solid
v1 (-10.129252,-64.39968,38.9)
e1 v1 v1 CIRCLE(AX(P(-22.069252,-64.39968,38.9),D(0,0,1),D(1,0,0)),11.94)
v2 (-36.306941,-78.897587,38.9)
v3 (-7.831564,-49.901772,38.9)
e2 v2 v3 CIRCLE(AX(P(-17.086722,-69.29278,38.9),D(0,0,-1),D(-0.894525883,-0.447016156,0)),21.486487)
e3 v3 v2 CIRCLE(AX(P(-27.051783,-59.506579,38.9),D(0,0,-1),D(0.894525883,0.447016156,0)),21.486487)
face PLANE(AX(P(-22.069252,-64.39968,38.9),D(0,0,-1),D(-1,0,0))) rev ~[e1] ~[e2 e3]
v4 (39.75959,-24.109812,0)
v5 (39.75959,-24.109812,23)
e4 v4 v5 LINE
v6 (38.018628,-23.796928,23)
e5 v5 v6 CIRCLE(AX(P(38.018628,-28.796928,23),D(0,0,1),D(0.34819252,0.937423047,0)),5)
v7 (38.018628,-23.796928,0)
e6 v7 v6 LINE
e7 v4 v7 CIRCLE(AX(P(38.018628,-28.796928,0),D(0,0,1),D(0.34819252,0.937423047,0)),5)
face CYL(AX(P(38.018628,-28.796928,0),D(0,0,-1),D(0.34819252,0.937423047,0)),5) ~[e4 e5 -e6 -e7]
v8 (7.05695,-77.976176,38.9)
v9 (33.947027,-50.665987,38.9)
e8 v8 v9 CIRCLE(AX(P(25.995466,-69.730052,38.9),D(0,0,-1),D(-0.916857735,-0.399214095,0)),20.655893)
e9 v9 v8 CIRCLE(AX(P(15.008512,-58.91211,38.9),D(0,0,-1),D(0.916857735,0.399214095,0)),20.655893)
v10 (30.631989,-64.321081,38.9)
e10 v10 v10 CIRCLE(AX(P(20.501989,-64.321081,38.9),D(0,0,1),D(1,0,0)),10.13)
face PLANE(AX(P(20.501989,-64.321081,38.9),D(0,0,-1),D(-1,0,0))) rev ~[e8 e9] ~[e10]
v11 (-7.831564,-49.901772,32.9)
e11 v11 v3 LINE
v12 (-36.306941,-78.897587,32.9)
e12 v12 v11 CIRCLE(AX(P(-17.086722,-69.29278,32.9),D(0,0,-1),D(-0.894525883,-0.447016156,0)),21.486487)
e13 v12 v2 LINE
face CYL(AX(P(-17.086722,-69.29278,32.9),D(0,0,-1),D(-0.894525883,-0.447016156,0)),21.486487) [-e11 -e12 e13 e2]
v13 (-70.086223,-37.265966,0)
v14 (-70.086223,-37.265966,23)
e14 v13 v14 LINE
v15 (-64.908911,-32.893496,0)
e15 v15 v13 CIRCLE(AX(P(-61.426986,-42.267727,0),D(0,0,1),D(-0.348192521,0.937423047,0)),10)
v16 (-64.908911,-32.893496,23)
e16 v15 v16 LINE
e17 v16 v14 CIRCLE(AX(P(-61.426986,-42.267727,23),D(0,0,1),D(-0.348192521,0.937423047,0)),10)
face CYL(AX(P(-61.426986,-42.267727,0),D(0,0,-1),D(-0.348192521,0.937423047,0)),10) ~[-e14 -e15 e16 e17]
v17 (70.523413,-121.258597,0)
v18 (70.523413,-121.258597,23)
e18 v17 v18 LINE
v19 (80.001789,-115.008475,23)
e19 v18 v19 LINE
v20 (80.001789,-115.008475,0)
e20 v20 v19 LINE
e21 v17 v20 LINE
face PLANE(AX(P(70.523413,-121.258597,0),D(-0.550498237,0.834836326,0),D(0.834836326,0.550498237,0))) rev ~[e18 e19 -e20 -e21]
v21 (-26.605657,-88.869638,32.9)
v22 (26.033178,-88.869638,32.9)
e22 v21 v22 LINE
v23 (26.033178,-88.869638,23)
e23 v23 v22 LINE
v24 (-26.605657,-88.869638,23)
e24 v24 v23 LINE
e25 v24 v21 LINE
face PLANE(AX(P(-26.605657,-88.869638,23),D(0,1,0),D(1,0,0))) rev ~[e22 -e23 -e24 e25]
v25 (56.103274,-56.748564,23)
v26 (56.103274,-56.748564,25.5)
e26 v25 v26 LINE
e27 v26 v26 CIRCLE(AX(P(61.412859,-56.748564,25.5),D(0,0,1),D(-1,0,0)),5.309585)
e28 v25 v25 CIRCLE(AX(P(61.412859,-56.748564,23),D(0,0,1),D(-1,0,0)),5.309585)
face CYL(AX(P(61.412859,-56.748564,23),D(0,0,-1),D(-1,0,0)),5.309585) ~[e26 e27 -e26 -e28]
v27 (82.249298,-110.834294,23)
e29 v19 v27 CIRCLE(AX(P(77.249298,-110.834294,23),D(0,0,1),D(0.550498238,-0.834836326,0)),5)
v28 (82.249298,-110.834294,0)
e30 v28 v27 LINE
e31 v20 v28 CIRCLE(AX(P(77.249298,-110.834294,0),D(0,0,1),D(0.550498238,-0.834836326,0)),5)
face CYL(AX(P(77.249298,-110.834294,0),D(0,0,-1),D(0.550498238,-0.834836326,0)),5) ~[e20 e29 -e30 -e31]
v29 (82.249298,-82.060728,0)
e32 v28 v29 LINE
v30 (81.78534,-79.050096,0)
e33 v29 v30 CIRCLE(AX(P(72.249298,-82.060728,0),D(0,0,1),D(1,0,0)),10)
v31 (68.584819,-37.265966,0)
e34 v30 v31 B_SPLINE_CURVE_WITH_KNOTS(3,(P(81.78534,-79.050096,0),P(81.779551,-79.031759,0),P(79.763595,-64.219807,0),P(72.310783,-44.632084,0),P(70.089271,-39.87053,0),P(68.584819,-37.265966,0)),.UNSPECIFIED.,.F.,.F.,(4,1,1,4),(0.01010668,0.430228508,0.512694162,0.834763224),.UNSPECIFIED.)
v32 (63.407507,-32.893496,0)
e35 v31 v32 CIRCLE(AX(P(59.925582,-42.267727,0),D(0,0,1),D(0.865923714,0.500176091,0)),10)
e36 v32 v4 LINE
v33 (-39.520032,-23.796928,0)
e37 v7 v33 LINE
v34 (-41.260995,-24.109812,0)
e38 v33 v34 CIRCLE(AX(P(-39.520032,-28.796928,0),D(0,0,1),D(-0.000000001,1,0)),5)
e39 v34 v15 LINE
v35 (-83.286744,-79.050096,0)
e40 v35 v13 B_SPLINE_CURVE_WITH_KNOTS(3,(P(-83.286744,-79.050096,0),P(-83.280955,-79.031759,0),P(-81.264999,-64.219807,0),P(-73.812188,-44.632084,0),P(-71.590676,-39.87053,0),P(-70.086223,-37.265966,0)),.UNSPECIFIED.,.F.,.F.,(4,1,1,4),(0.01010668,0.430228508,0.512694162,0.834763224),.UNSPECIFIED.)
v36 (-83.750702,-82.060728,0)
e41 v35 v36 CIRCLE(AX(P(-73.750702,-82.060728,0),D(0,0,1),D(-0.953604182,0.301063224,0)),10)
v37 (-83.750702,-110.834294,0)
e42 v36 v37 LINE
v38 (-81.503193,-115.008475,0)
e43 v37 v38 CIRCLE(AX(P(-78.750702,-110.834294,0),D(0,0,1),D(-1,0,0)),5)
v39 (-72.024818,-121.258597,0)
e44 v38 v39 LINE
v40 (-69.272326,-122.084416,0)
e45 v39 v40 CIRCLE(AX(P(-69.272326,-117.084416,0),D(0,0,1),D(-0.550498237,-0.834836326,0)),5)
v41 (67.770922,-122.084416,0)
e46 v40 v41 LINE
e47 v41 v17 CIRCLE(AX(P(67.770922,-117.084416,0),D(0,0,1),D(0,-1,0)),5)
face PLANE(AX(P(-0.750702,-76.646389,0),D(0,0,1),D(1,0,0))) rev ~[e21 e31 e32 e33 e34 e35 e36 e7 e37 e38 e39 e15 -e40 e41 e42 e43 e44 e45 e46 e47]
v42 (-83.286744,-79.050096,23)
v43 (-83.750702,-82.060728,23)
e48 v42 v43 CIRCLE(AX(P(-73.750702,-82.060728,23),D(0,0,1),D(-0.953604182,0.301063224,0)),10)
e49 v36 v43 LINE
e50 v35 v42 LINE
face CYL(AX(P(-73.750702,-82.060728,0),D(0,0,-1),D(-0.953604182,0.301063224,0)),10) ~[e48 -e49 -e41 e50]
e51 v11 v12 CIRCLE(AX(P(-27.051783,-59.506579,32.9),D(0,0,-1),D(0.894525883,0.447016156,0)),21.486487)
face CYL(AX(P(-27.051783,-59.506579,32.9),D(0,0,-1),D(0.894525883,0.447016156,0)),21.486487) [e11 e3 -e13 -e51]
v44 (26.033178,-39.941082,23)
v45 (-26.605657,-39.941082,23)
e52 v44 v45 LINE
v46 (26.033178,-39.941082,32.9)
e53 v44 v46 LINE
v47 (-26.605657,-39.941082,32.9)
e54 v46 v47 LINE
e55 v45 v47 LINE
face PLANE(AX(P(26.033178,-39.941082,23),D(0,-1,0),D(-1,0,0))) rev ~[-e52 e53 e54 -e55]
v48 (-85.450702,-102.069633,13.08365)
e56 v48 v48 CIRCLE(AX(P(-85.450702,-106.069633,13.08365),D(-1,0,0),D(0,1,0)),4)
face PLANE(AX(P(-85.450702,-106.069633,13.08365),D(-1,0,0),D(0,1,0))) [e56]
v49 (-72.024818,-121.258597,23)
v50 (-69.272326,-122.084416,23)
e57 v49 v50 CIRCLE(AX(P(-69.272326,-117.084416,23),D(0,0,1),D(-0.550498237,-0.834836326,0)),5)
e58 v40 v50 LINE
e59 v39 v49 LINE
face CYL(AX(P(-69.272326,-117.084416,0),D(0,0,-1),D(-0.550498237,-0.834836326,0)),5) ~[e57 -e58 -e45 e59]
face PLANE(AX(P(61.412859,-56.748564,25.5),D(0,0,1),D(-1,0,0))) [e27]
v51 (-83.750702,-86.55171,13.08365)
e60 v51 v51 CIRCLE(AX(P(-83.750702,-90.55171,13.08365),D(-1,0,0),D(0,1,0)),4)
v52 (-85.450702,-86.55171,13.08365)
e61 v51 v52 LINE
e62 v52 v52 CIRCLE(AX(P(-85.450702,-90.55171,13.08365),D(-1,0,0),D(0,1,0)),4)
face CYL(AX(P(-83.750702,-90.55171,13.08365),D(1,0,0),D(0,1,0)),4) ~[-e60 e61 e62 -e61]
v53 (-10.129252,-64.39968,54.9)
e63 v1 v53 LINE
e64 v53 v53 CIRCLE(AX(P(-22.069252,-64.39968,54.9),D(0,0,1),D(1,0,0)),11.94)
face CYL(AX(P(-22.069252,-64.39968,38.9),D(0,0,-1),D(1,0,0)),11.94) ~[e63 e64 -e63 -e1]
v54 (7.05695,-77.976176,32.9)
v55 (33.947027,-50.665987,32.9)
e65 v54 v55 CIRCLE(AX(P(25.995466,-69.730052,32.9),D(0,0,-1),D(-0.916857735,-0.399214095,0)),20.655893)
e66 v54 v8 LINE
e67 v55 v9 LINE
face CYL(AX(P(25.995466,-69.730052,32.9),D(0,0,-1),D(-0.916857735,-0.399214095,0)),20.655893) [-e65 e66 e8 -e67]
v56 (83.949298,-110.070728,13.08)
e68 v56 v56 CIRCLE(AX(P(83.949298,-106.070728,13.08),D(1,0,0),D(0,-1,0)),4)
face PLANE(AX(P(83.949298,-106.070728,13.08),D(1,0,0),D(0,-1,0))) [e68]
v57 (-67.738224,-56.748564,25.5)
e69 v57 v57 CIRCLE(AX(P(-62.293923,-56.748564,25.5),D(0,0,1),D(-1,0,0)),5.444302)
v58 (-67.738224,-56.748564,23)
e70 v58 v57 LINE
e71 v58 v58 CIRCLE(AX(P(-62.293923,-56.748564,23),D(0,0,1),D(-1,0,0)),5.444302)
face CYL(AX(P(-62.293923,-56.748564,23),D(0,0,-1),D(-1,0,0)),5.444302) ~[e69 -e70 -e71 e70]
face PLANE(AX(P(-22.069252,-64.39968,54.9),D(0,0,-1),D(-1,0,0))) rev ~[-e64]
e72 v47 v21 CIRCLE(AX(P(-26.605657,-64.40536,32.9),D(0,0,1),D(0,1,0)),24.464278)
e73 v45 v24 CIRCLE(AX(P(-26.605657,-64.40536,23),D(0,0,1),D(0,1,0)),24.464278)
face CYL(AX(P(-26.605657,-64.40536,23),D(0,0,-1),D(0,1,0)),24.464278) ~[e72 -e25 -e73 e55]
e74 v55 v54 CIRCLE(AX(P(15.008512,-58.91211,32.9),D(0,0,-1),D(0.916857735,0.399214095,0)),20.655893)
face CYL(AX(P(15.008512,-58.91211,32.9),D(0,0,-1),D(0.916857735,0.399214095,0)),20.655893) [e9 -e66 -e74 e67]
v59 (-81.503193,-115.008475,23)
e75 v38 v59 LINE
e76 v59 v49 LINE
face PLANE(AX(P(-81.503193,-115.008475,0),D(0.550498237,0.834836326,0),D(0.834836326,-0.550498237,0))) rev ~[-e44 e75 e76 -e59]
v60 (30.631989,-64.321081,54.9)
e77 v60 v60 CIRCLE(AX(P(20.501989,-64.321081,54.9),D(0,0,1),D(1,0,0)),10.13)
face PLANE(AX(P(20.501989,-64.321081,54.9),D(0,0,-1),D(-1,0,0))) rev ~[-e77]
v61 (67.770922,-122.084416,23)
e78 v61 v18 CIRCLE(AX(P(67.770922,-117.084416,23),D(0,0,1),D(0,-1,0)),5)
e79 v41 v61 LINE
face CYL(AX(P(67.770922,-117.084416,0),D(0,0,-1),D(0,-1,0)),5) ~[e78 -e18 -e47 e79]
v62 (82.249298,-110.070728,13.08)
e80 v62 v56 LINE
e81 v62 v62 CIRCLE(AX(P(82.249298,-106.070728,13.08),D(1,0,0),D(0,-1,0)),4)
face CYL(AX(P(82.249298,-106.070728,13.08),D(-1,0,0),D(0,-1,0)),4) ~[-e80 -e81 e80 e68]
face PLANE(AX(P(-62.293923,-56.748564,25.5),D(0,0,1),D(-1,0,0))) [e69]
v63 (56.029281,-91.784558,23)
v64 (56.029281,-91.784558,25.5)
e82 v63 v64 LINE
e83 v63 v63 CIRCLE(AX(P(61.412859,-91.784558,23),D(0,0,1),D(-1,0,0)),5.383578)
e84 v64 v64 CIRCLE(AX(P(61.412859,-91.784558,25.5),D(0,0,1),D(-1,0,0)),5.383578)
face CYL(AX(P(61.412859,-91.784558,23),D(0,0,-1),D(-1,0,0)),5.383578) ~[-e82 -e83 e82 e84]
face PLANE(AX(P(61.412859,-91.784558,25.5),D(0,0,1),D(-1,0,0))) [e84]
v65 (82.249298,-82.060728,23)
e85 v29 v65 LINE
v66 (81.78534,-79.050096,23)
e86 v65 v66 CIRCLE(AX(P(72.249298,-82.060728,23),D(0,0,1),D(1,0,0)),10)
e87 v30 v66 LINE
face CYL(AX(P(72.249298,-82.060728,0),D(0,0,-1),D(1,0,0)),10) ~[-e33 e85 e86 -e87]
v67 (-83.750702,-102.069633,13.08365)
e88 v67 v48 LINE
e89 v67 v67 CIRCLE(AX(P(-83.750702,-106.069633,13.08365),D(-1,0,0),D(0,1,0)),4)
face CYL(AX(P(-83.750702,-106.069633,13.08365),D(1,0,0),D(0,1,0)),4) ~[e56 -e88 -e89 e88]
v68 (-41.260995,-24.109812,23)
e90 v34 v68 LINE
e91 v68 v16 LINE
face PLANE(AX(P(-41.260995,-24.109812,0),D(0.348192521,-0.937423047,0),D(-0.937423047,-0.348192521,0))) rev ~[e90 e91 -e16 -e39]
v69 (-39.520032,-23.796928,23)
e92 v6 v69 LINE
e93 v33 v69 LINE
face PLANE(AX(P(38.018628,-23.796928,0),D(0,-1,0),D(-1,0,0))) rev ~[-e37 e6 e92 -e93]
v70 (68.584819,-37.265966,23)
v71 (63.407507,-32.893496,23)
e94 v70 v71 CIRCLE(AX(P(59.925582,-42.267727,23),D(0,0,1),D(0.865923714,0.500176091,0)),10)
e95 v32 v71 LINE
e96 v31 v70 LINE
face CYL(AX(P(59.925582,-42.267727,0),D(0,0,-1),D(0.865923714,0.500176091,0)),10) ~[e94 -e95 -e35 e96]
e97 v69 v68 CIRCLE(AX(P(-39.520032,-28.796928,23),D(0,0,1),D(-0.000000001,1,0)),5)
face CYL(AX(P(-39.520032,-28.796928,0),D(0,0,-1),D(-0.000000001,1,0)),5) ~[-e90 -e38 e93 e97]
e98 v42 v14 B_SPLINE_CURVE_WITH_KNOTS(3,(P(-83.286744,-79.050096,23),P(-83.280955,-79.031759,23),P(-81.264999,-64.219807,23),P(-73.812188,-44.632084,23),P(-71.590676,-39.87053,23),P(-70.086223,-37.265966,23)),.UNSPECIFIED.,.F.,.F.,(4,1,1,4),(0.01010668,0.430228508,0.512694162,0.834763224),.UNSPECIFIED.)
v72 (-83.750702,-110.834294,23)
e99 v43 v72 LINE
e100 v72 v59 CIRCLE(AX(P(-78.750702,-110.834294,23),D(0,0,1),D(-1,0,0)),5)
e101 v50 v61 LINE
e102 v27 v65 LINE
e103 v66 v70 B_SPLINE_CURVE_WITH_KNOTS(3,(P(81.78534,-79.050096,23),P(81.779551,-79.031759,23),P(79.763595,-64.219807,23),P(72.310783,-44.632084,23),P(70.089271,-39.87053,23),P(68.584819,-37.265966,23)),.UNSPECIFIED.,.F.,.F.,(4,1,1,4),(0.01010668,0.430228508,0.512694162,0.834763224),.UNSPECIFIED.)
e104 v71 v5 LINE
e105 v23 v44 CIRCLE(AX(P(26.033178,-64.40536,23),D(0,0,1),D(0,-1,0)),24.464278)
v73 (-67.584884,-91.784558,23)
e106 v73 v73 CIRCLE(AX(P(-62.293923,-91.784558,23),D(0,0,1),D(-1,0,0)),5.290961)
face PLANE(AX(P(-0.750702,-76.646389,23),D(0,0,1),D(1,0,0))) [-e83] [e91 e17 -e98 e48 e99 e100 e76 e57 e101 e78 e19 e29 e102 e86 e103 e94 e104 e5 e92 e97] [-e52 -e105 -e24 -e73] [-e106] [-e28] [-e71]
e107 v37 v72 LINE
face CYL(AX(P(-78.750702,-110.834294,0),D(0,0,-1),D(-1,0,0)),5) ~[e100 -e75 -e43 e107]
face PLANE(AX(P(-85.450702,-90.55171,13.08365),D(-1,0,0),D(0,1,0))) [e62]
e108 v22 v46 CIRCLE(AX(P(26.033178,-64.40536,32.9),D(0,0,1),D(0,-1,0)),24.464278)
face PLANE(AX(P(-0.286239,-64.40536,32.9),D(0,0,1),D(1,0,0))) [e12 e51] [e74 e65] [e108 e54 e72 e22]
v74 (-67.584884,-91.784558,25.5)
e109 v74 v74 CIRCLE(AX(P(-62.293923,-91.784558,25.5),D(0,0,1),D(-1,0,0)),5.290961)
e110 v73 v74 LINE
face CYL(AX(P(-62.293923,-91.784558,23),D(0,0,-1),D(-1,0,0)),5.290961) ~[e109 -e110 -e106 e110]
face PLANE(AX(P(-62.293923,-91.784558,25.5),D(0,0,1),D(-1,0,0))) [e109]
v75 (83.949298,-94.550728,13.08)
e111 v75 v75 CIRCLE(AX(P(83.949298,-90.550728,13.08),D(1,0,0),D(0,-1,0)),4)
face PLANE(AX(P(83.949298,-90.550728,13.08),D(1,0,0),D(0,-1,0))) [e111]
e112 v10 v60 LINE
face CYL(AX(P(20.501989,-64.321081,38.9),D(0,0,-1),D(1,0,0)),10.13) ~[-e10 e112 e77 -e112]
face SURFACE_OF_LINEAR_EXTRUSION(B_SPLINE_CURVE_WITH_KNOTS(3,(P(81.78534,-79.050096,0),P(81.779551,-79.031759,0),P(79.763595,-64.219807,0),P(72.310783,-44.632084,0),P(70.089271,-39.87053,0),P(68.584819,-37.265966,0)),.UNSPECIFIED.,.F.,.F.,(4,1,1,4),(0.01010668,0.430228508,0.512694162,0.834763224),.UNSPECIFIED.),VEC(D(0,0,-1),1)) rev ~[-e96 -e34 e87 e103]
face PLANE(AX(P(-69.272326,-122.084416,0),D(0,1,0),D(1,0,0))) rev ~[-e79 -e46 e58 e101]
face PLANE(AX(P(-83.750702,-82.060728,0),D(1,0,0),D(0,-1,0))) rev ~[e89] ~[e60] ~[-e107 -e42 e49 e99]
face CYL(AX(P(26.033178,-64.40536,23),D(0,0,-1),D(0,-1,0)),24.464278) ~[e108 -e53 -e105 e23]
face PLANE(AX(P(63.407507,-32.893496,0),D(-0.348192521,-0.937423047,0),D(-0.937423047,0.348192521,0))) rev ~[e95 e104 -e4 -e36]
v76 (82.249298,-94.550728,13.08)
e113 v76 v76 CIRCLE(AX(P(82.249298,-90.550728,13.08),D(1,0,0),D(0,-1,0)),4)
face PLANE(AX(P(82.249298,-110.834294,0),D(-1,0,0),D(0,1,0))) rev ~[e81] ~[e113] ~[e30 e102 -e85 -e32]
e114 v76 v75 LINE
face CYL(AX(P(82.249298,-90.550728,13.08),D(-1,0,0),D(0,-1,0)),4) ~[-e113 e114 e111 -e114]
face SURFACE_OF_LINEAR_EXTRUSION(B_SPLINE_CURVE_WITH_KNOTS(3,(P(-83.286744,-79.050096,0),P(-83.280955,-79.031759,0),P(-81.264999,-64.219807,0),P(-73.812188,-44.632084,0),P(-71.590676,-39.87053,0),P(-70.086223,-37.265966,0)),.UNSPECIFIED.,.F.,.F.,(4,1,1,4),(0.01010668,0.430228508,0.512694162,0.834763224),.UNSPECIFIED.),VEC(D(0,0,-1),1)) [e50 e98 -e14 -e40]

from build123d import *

# Parameters (mm, degrees)
BOSS_EXTRUDE1_DEPTH = 23
SKETCH5_R           = 4
BOSS_EXTRUDE3_DEPTH = 1.7
SKETCH8_R           = 4
BOSS_EXTRUDE4_DEPTH = 1.7
SKETCH12_R          = 5.309585237
SKETCH12_R_2        = 5.383577716
SKETCH12_R_3        = 5.290961271
SKETCH12_R_4        = 5.444301549
BOSS_EXTRUDE5_DEPTH = 9.9
BOSS_EXTRUDE6_DEPTH = 22
CUT_EXTRUDE1_START  = -16
SKETCH16_R          = 11.94
CUT_EXTRUDE1_DEPTH  = 16
CUT_EXTRUDE2_START  = -16
SKETCH17_R          = 10.13
CUT_EXTRUDE2_DEPTH  = 16
CUT_EXTRUDE3_START  = -7.4
SKETCH18_R          = 5.309585237
CUT_EXTRUDE3_DEPTH  = 7.4
CUT_EXTRUDE4_START  = -7.4
SKETCH19_R          = 5.383577716
CUT_EXTRUDE4_DEPTH  = 7.4
CUT_EXTRUDE5_START  = -7.4
SKETCH20_R          = 5.444301549
CUT_EXTRUDE5_DEPTH  = 7.4
CUT_EXTRUDE6_START  = -7.4
SKETCH21_R          = 5.290961271
CUT_EXTRUDE6_DEPTH  = 7.4


with BuildPart() as part:
    # Sketch2 → Boss-Extrude1 (new body)
    with BuildSketch(Plane.XY):
        with BuildLine():
            Line((70.523413182, -121.258597495), (80.001788964, -115.008475165))
            ThreePointArc((80.001788964, -115.008475165), (81.651709385, -113.204688447), (82.249297777, -110.834293536))
            Line((82.249297777, -110.834293536), (82.249297777, -82.060728072))
            ThreePointArc((82.249297777, -82.060728072), (82.132627635, -80.537642087), (81.785339594, -79.050095835))
            add(Edge.make_bspline(
                [(81.785339594, -79.050095835), (81.779550585, -79.03175941), (79.763594577, -64.21980724), (72.310783114, -44.632084365), (70.089271073, -39.87053002), (68.584818962, -37.26596578)],
                knots=[0.01010668, 0.01010668, 0.01010668, 0.01010668, 0.430228508, 0.512694162, 0.834763224, 0.834763224, 0.834763224, 0.834763224], degree=3))
            ThreePointArc((68.584818962, -37.26596578), (66.377835563, -34.627803803), (63.407507036, -32.893496223))
            Line((63.407507036, -32.893496223), (39.759590264, -24.109812278))
            ThreePointArc((39.759590264, -24.109812278), (38.90305511, -23.875770322), (38.018627658, -23.796927511))
            Line((38.018627658, -23.796927511), (-39.520032104, -23.796927511))
            ThreePointArc((-39.520032104, -23.796927511), (-40.404459556, -23.875770322), (-41.26099471, -24.109812278))
            Line((-41.26099471, -24.109812278), (-64.908911482, -32.893496223))
            ThreePointArc((-64.908911482, -32.893496223), (-67.879240009, -34.627803803), (-70.086223408, -37.26596578))
            add(Edge.make_bspline(
                [(-83.28674404, -79.050095835), (-83.280955031, -79.03175941), (-81.264999023, -64.21980724), (-73.81218756, -44.632084365), (-71.590675519, -39.87053002), (-70.086223408, -37.26596578)],
                knots=[0.01010668, 0.01010668, 0.01010668, 0.01010668, 0.430228508, 0.512694162, 0.834763224, 0.834763224, 0.834763224, 0.834763224], degree=3))
            ThreePointArc((-83.28674404, -79.050095835), (-83.634032081, -80.537642087), (-83.750702223, -82.060728072))
            Line((-83.750702223, -82.060728072), (-83.750702223, -110.834293536))
            ThreePointArc((-83.750702223, -110.834293536), (-83.153113831, -113.204688447), (-81.50319341, -115.008475165))
            Line((-81.50319341, -115.008475165), (-72.024817629, -121.258597495))
            ThreePointArc((-72.024817629, -121.258597495), (-70.709179228, -121.873513284), (-69.272326442, -122.084415867))
            Line((-69.272326442, -122.084415867), (67.770921996, -122.084415867))
            ThreePointArc((67.770921996, -122.084415867), (69.207774782, -121.873513284), (70.523413182, -121.258597495))
        make_face()
    extrude(amount=BOSS_EXTRUDE1_DEPTH)

    # Sketch5 → Boss-Extrude3 (add)
    with BuildSketch(Plane.ZY.offset(83.750702223)):
        with Locations(Location((13.083649818, -90.551709518, 0), (0, 0, 90))):
            Circle(SKETCH5_R)
        with Locations(Location((13.083649818, -106.069633318, 0), (0, 0, 90))):
            Circle(SKETCH5_R)
    extrude(amount=BOSS_EXTRUDE3_DEPTH)

    # Sketch8 → Boss-Extrude4 (add)
    with BuildSketch(Plane(origin=(82.249297777, 0, 0), x_dir=(0, 0, -1), z_dir=(1, 0, 0))):
        with Locations(Location((-13.08, -90.550728072, 0), (0, 0, 270))):
            Circle(SKETCH8_R)
        with Locations(Location((-13.08, -106.070728072, 0), (0, 0, 270))):
            Circle(SKETCH8_R)
    extrude(amount=BOSS_EXTRUDE4_DEPTH)

    # Sketch12 → Boss-Extrude5 (add)
    with BuildSketch(Plane.XY.offset(23)):
        with Locations(Location((61.412858859, -56.74856372, 0), (0, 0, 180))):
            Circle(SKETCH12_R)
        with Locations(Location((61.412858859, -91.784557501, 0), (0, 0, 180))):
            Circle(SKETCH12_R_2)
        with Locations(Location((-62.293922582, -91.784557501, 0), (0, 0, 180))):
            Circle(SKETCH12_R_3)
        with Locations(Location((-62.293922582, -56.74856372, 0), (0, 0, 180))):
            Circle(SKETCH12_R_4)
        with BuildLine():
            Line((26.03317791, -39.941081705), (-26.605656617, -39.941081705))
            ThreePointArc((-26.605656617, -39.941081705), (-51.069934746, -64.405359834), (-26.605656617, -88.869637962))
            Line((-26.605656617, -88.869637962), (26.03317791, -88.869637962))
            ThreePointArc((26.03317791, -88.869637962), (50.497456038, -64.405359834), (26.03317791, -39.941081705))
        make_face()
    extrude(amount=BOSS_EXTRUDE5_DEPTH)

    # Sketch15 → Boss-Extrude6 (add)
    with BuildSketch(Plane.XY.offset(32.9)):
        with BuildLine():
            ThreePointArc((-36.30694092, -78.897586955), (-32.416918561, -54.237740907), (-7.831564022, -49.901772358))
            ThreePointArc((-7.831564022, -49.901772358), (-11.721586381, -74.561618406), (-36.30694092, -78.897586955))
        make_face()
        with BuildLine():
            ThreePointArc((33.947027157, -50.665986501), (29.727203797, -73.404384895), (7.056950152, -77.976175614))
            ThreePointArc((7.056950152, -77.976175614), (11.276773512, -55.23777722), (33.947027157, -50.665986501))
        make_face()
    extrude(amount=BOSS_EXTRUDE6_DEPTH)

    # Sketch16 → Cut-Extrude1 (cut)
    with BuildSketch(Plane.XY.offset(54.9).offset(CUT_EXTRUDE1_START)):
        with BuildLine():
            ThreePointArc((-36.30694092, -78.897586955), (-32.416918561, -54.237740907), (-7.831564022, -49.901772358))
            ThreePointArc((-7.831564022, -49.901772358), (-11.721586381, -74.561618406), (-36.30694092, -78.897586955))
        make_face()
        with Locations((-22.069252471, -64.399679657)):
            Circle(SKETCH16_R, mode=Mode.SUBTRACT)
    extrude(amount=CUT_EXTRUDE1_DEPTH, mode=Mode.SUBTRACT)

    # Sketch17 → Cut-Extrude2 (cut)
    with BuildSketch(Plane.XY.offset(54.9).offset(CUT_EXTRUDE2_START)):
        with BuildLine():
            ThreePointArc((7.056950152, -77.976175614), (11.276773512, -55.23777722), (33.947027157, -50.665986501))
            ThreePointArc((33.947027157, -50.665986501), (29.727203797, -73.404384895), (7.056950152, -77.976175614))
        make_face()
        with Locations((20.501988655, -64.321081058)):
            Circle(SKETCH17_R, mode=Mode.SUBTRACT)
    extrude(amount=CUT_EXTRUDE2_DEPTH, mode=Mode.SUBTRACT)

    # Sketch18 → Cut-Extrude3 (cut)
    with BuildSketch(Plane.XY.offset(32.9).offset(CUT_EXTRUDE3_START)):
        with Locations(Location((61.412858859, -56.74856372, 0), (0, 0, 180))):
            Circle(SKETCH18_R)
    extrude(amount=CUT_EXTRUDE3_DEPTH, mode=Mode.SUBTRACT)

    # Sketch19 → Cut-Extrude4 (cut)
    with BuildSketch(Plane.XY.offset(32.9).offset(CUT_EXTRUDE4_START)):
        with Locations(Location((61.412858859, -91.784557501, 0), (0, 0, 180))):
            Circle(SKETCH19_R)
    extrude(amount=CUT_EXTRUDE4_DEPTH, mode=Mode.SUBTRACT)

    # Sketch20 → Cut-Extrude5 (cut)
    with BuildSketch(Plane.XY.offset(32.9).offset(CUT_EXTRUDE5_START)):
        with Locations(Location((-62.293922582, -56.74856372, 0), (0, 0, 180))):
            Circle(SKETCH20_R)
    extrude(amount=CUT_EXTRUDE5_DEPTH, mode=Mode.SUBTRACT)

    # Sketch21 → Cut-Extrude6 (cut)
    with BuildSketch(Plane.XY.offset(32.9).offset(CUT_EXTRUDE6_START)):
        with Locations(Location((-62.293922582, -91.784557501, 0), (0, 0, 180))):
            Circle(SKETCH21_R)
    extrude(amount=CUT_EXTRUDE6_DEPTH, mode=Mode.SUBTRACT)


solid = part.part
